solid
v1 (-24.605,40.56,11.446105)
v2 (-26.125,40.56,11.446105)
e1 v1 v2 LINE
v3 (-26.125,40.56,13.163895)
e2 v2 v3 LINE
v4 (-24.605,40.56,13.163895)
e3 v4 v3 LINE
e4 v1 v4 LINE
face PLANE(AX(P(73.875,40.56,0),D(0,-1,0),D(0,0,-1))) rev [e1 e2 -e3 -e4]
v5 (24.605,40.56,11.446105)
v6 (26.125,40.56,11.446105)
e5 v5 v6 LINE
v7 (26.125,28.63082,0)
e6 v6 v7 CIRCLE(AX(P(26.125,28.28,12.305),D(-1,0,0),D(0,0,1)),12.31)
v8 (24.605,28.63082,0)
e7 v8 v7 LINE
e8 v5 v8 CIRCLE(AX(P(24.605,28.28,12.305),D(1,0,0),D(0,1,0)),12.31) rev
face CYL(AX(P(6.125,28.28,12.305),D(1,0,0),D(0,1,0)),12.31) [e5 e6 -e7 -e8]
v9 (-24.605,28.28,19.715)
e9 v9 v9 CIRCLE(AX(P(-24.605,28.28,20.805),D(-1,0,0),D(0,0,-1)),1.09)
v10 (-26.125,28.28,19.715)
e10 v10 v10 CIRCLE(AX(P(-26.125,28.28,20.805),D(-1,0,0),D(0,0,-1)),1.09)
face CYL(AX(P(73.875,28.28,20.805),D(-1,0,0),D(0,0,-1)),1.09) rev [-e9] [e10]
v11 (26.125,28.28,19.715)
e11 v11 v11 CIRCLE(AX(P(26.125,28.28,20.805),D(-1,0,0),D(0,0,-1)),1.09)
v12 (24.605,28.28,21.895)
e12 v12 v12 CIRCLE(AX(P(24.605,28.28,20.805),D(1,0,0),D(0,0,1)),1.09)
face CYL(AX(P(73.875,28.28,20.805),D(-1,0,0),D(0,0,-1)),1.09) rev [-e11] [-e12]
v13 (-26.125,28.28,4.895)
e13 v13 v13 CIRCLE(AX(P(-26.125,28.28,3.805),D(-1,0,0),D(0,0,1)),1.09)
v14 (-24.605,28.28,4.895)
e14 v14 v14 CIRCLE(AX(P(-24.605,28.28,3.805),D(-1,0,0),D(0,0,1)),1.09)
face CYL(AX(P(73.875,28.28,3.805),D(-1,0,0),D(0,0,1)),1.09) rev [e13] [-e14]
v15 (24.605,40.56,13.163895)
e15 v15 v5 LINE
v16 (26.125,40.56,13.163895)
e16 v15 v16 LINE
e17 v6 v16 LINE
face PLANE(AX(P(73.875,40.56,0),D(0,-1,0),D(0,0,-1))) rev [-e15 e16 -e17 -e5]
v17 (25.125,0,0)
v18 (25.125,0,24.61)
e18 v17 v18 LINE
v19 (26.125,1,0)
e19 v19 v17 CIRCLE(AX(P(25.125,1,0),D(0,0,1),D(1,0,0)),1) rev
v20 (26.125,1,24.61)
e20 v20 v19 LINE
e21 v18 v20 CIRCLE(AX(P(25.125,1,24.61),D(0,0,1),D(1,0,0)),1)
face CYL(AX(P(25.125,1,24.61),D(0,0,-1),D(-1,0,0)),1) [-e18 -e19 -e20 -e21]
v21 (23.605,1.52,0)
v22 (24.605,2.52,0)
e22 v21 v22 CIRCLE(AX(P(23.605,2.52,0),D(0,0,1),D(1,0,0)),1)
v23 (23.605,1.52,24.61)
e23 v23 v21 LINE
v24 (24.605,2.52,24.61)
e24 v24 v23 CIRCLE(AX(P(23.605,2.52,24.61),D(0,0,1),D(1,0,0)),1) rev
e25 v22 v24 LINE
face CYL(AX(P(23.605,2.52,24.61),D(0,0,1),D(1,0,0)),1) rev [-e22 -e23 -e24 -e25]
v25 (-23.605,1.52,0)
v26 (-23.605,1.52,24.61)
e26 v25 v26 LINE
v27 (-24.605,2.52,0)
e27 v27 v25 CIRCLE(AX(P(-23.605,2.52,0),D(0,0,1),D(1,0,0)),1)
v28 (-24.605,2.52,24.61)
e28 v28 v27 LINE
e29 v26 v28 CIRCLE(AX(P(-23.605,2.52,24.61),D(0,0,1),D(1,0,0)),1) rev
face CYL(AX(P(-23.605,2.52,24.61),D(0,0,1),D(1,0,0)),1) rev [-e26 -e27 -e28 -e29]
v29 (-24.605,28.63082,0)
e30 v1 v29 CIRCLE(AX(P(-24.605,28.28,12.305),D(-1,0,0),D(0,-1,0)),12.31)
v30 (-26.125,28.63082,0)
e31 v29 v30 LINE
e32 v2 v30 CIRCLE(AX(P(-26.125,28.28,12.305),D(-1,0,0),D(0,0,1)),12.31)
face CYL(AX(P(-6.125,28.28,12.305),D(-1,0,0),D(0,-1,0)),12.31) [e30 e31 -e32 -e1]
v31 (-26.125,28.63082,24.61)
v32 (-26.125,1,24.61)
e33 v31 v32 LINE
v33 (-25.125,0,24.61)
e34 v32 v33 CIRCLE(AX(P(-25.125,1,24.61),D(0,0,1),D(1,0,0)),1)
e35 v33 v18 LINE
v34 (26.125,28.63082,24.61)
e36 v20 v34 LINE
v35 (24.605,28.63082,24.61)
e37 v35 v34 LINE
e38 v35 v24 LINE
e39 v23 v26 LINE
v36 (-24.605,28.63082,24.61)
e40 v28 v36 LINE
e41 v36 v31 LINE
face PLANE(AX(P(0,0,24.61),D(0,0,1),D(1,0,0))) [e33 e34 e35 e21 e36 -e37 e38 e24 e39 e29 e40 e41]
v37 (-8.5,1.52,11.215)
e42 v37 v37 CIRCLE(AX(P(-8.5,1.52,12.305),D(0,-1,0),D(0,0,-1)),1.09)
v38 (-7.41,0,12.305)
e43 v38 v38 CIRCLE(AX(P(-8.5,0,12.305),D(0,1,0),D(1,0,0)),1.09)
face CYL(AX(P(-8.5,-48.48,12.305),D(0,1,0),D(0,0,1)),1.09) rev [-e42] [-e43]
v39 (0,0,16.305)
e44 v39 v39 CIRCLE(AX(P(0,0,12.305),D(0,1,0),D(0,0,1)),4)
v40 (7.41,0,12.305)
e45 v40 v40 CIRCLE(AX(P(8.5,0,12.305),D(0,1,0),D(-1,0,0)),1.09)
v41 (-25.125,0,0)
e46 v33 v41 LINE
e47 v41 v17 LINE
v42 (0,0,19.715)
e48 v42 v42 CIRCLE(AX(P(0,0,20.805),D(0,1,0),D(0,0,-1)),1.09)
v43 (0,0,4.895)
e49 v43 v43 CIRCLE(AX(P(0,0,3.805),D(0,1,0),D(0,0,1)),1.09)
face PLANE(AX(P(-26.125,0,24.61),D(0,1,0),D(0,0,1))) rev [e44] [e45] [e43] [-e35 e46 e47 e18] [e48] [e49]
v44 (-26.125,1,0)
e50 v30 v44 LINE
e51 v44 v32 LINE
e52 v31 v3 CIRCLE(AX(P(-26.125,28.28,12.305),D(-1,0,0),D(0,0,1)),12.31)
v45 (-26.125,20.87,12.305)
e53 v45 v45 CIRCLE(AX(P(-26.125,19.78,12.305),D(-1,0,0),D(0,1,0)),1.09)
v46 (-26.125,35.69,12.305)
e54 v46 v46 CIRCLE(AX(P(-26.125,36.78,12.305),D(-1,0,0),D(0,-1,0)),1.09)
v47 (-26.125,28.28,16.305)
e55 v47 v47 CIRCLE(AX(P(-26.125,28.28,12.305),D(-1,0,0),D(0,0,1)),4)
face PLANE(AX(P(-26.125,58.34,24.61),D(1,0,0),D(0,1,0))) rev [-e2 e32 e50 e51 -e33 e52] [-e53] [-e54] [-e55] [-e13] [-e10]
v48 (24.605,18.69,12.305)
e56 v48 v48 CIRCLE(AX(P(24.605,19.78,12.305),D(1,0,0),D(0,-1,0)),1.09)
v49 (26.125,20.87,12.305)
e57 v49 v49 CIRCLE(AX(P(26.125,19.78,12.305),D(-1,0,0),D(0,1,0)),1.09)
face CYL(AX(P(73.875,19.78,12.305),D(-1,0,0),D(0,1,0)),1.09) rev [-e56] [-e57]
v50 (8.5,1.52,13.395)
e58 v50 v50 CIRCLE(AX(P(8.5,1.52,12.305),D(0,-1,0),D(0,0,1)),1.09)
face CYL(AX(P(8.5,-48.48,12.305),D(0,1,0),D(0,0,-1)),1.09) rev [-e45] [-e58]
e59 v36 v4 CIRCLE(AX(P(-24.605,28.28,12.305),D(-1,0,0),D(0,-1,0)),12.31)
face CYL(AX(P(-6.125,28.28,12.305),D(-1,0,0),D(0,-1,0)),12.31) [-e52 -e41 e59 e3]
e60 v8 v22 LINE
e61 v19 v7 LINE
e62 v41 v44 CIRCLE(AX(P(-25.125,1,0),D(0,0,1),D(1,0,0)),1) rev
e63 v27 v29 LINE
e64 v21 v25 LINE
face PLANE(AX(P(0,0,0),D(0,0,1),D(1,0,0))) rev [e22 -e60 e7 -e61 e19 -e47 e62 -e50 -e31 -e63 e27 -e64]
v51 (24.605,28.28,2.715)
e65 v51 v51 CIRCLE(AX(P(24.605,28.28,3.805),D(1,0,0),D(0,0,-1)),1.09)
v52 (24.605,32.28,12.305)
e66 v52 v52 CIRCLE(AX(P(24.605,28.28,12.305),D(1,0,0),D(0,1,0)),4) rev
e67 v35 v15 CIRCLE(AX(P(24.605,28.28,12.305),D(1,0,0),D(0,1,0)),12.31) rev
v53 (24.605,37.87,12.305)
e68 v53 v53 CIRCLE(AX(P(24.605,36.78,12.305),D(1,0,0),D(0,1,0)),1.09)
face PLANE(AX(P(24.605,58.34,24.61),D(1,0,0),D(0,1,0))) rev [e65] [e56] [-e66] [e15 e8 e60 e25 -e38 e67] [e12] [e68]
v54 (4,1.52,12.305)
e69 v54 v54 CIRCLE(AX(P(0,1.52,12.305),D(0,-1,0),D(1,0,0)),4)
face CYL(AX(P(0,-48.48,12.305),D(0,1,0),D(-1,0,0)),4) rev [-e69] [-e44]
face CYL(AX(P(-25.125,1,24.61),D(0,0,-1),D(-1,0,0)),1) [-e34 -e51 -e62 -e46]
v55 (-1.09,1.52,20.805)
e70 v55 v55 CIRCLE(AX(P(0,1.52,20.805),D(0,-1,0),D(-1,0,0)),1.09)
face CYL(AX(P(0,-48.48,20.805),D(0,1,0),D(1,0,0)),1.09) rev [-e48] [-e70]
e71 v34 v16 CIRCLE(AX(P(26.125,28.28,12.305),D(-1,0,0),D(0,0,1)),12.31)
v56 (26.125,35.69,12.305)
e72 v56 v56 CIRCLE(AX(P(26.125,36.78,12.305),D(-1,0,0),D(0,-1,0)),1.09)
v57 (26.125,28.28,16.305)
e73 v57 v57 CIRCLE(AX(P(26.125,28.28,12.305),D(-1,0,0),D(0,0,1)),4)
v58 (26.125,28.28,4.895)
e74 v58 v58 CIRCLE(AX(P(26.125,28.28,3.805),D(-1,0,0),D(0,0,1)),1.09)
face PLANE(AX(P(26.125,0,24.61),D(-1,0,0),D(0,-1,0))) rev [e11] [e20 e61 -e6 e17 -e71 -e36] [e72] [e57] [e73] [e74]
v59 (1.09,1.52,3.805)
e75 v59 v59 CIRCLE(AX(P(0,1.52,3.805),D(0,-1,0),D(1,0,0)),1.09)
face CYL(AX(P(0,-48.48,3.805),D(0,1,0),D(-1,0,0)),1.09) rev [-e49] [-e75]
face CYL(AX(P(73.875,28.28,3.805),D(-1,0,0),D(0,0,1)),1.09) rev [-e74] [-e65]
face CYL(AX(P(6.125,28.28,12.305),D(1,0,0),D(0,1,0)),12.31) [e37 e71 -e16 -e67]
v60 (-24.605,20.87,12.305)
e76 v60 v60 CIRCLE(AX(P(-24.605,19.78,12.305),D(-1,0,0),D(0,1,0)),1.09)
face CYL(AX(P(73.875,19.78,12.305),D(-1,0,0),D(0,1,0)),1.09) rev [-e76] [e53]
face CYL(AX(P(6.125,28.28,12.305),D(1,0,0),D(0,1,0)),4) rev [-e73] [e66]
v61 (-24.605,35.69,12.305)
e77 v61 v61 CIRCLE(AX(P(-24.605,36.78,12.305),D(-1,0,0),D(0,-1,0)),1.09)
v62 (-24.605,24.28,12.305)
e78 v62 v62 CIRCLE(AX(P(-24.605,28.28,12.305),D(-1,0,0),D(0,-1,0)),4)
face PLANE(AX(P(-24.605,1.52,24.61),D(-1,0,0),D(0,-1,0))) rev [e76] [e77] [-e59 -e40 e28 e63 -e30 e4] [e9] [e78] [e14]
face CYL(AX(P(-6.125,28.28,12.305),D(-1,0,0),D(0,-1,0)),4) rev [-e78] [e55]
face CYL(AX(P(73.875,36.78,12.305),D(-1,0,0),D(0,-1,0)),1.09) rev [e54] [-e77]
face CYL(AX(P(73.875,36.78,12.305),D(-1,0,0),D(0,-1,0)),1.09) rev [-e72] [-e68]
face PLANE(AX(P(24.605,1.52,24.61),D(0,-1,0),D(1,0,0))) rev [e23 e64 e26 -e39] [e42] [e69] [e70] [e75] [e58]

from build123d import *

# Parameters (mm, degrees)
BOSS_EXTRUDE1_DEPTH = 24.61
SKETCH2_R           = 4
CUT_EXTRUDE5_DEPTH  = 20
SKETCH4_R           = 1.09
CUT_EXTRUDE6_DEPTH  = 100
CIRPATTERN1_COUNT   = 4
SKETCH5_R           = 4
CUT_EXTRUDE7_DEPTH  = 50
SKETCH6_R           = 1.09
CUT_EXTRUDE8_DEPTH  = 50
CIRPATTERN2_COUNT   = 4
FILLET1_R           = 1
SKETCH7_W           = 24.61
SKETCH7_H           = 17.78
CUT_EXTRUDE9_DEPTH  = 100


with BuildPart() as part:
    # Sketch1 → Boss-Extrude1 (new body)
    with BuildSketch(Plane.XY):
        Polygon((-26.125, 58.34), (-26.125, 0), (26.125, 0), (26.125, 58.34), (24.605, 58.34), (24.605, 1.52), (-24.605, 1.52), (-24.605, 58.34), align=None)
    extrude(amount=BOSS_EXTRUDE1_DEPTH)

    # Sketch2 → Cut-Extrude5 (cut)
    with BuildSketch(Plane.ZY.offset(26.125)):
        with Locations(Location((12.305, 28.28, 0), (0, 0, 270))):
            Circle(SKETCH2_R)
        with BuildLine():
            Line((-0.005, 28.28), (-0.002957418, 40.56))
            Line((-0.002957418, 40.56), (11.446105362, 40.56))
            ThreePointArc((11.446105362, 40.56), (3.301970149, 36.675329267), (-0.005, 28.28))
        make_face()
        with BuildLine():
            Line((24.612957418, 40.56), (24.615, 28.28))
            ThreePointArc((24.615, 28.28), (21.308029851, 36.675329267), (13.163894638, 40.56))
            Line((13.163894638, 40.56), (24.612957418, 40.56))
        make_face()
    cut_extrude5 = extrude(amount=-CUT_EXTRUDE5_DEPTH, mode=Mode.SUBTRACT)

    # Mirror1: Cut-Extrude5 across plane
    add(cut_extrude5.mirror(Plane(origin=(0, 0, 0), x_dir=(0, 0, 1), z_dir=(1, 0, 0))), mode=Mode.SUBTRACT)

    # Sketch4 → Cut-Extrude6 (cut)
    with BuildSketch(Plane.ZY.offset(26.125)):
        with Locations(Location((12.305, 36.78, 0), (0, 0, 270))):
            Circle(SKETCH4_R)
    cut_extrude6 = extrude(amount=-CUT_EXTRUDE6_DEPTH, mode=Mode.SUBTRACT)

    # CirPattern1: Cut-Extrude6 ×4 about axis
    cirpattern1_axis = Axis((0, 28.28, 12.305), (1, 0, 0))
    for i in range(1, CIRPATTERN1_COUNT):
        add(cut_extrude6.rotate(cirpattern1_axis, i * 360 / CIRPATTERN1_COUNT), mode=Mode.SUBTRACT)

    # Sketch5 → Cut-Extrude7 (cut, symmetric)
    with BuildSketch(Plane(origin=(0, 1.52, 0), x_dir=(1, 0, 0), z_dir=(0, 1, 0))):
        with Locations(Location((0, -12.305, 0), (0, 0, 270))):
            Circle(SKETCH5_R)
    extrude(amount=CUT_EXTRUDE7_DEPTH, both=True, mode=Mode.SUBTRACT)

    # Sketch6 → Cut-Extrude8 (cut, symmetric)
    with BuildSketch(Plane(origin=(0, 1.52, 0), x_dir=(1, 0, 0), z_dir=(0, 1, 0))):
        with Locations(Location((0, -3.805, 0), (0, 0, 270))):
            Circle(SKETCH6_R)
    cut_extrude8 = extrude(amount=CUT_EXTRUDE8_DEPTH, both=True, mode=Mode.SUBTRACT)

    # CirPattern2: Cut-Extrude8 ×4 about axis
    cirpattern2_axis = Axis((0, 0, 12.305), (0, 1, 0))
    for i in range(1, CIRPATTERN2_COUNT):
        add(cut_extrude8.rotate(cirpattern2_axis, i * 360 / CIRPATTERN2_COUNT), mode=Mode.SUBTRACT)

    # Fillet1
    fillet1_edges = [part.edges().sort_by_distance(p)[0] for p in [
        (-24.605, 1.52, 12.305),
        (24.605, 1.52, 12.305),
        (26.125, 0, 12.305),
        (-26.125, 0, 12.305),
    ]]
    fillet(fillet1_edges, radius=FILLET1_R)

    # Sketch7 → Cut-Extrude9 (cut)
    with BuildSketch(Plane.ZY.offset(26.125)):
        with Locations((12.305, 49.45)):
            Rectangle(SKETCH7_W, SKETCH7_H)
    extrude(amount=-CUT_EXTRUDE9_DEPTH, mode=Mode.SUBTRACT)


solid = part.part
